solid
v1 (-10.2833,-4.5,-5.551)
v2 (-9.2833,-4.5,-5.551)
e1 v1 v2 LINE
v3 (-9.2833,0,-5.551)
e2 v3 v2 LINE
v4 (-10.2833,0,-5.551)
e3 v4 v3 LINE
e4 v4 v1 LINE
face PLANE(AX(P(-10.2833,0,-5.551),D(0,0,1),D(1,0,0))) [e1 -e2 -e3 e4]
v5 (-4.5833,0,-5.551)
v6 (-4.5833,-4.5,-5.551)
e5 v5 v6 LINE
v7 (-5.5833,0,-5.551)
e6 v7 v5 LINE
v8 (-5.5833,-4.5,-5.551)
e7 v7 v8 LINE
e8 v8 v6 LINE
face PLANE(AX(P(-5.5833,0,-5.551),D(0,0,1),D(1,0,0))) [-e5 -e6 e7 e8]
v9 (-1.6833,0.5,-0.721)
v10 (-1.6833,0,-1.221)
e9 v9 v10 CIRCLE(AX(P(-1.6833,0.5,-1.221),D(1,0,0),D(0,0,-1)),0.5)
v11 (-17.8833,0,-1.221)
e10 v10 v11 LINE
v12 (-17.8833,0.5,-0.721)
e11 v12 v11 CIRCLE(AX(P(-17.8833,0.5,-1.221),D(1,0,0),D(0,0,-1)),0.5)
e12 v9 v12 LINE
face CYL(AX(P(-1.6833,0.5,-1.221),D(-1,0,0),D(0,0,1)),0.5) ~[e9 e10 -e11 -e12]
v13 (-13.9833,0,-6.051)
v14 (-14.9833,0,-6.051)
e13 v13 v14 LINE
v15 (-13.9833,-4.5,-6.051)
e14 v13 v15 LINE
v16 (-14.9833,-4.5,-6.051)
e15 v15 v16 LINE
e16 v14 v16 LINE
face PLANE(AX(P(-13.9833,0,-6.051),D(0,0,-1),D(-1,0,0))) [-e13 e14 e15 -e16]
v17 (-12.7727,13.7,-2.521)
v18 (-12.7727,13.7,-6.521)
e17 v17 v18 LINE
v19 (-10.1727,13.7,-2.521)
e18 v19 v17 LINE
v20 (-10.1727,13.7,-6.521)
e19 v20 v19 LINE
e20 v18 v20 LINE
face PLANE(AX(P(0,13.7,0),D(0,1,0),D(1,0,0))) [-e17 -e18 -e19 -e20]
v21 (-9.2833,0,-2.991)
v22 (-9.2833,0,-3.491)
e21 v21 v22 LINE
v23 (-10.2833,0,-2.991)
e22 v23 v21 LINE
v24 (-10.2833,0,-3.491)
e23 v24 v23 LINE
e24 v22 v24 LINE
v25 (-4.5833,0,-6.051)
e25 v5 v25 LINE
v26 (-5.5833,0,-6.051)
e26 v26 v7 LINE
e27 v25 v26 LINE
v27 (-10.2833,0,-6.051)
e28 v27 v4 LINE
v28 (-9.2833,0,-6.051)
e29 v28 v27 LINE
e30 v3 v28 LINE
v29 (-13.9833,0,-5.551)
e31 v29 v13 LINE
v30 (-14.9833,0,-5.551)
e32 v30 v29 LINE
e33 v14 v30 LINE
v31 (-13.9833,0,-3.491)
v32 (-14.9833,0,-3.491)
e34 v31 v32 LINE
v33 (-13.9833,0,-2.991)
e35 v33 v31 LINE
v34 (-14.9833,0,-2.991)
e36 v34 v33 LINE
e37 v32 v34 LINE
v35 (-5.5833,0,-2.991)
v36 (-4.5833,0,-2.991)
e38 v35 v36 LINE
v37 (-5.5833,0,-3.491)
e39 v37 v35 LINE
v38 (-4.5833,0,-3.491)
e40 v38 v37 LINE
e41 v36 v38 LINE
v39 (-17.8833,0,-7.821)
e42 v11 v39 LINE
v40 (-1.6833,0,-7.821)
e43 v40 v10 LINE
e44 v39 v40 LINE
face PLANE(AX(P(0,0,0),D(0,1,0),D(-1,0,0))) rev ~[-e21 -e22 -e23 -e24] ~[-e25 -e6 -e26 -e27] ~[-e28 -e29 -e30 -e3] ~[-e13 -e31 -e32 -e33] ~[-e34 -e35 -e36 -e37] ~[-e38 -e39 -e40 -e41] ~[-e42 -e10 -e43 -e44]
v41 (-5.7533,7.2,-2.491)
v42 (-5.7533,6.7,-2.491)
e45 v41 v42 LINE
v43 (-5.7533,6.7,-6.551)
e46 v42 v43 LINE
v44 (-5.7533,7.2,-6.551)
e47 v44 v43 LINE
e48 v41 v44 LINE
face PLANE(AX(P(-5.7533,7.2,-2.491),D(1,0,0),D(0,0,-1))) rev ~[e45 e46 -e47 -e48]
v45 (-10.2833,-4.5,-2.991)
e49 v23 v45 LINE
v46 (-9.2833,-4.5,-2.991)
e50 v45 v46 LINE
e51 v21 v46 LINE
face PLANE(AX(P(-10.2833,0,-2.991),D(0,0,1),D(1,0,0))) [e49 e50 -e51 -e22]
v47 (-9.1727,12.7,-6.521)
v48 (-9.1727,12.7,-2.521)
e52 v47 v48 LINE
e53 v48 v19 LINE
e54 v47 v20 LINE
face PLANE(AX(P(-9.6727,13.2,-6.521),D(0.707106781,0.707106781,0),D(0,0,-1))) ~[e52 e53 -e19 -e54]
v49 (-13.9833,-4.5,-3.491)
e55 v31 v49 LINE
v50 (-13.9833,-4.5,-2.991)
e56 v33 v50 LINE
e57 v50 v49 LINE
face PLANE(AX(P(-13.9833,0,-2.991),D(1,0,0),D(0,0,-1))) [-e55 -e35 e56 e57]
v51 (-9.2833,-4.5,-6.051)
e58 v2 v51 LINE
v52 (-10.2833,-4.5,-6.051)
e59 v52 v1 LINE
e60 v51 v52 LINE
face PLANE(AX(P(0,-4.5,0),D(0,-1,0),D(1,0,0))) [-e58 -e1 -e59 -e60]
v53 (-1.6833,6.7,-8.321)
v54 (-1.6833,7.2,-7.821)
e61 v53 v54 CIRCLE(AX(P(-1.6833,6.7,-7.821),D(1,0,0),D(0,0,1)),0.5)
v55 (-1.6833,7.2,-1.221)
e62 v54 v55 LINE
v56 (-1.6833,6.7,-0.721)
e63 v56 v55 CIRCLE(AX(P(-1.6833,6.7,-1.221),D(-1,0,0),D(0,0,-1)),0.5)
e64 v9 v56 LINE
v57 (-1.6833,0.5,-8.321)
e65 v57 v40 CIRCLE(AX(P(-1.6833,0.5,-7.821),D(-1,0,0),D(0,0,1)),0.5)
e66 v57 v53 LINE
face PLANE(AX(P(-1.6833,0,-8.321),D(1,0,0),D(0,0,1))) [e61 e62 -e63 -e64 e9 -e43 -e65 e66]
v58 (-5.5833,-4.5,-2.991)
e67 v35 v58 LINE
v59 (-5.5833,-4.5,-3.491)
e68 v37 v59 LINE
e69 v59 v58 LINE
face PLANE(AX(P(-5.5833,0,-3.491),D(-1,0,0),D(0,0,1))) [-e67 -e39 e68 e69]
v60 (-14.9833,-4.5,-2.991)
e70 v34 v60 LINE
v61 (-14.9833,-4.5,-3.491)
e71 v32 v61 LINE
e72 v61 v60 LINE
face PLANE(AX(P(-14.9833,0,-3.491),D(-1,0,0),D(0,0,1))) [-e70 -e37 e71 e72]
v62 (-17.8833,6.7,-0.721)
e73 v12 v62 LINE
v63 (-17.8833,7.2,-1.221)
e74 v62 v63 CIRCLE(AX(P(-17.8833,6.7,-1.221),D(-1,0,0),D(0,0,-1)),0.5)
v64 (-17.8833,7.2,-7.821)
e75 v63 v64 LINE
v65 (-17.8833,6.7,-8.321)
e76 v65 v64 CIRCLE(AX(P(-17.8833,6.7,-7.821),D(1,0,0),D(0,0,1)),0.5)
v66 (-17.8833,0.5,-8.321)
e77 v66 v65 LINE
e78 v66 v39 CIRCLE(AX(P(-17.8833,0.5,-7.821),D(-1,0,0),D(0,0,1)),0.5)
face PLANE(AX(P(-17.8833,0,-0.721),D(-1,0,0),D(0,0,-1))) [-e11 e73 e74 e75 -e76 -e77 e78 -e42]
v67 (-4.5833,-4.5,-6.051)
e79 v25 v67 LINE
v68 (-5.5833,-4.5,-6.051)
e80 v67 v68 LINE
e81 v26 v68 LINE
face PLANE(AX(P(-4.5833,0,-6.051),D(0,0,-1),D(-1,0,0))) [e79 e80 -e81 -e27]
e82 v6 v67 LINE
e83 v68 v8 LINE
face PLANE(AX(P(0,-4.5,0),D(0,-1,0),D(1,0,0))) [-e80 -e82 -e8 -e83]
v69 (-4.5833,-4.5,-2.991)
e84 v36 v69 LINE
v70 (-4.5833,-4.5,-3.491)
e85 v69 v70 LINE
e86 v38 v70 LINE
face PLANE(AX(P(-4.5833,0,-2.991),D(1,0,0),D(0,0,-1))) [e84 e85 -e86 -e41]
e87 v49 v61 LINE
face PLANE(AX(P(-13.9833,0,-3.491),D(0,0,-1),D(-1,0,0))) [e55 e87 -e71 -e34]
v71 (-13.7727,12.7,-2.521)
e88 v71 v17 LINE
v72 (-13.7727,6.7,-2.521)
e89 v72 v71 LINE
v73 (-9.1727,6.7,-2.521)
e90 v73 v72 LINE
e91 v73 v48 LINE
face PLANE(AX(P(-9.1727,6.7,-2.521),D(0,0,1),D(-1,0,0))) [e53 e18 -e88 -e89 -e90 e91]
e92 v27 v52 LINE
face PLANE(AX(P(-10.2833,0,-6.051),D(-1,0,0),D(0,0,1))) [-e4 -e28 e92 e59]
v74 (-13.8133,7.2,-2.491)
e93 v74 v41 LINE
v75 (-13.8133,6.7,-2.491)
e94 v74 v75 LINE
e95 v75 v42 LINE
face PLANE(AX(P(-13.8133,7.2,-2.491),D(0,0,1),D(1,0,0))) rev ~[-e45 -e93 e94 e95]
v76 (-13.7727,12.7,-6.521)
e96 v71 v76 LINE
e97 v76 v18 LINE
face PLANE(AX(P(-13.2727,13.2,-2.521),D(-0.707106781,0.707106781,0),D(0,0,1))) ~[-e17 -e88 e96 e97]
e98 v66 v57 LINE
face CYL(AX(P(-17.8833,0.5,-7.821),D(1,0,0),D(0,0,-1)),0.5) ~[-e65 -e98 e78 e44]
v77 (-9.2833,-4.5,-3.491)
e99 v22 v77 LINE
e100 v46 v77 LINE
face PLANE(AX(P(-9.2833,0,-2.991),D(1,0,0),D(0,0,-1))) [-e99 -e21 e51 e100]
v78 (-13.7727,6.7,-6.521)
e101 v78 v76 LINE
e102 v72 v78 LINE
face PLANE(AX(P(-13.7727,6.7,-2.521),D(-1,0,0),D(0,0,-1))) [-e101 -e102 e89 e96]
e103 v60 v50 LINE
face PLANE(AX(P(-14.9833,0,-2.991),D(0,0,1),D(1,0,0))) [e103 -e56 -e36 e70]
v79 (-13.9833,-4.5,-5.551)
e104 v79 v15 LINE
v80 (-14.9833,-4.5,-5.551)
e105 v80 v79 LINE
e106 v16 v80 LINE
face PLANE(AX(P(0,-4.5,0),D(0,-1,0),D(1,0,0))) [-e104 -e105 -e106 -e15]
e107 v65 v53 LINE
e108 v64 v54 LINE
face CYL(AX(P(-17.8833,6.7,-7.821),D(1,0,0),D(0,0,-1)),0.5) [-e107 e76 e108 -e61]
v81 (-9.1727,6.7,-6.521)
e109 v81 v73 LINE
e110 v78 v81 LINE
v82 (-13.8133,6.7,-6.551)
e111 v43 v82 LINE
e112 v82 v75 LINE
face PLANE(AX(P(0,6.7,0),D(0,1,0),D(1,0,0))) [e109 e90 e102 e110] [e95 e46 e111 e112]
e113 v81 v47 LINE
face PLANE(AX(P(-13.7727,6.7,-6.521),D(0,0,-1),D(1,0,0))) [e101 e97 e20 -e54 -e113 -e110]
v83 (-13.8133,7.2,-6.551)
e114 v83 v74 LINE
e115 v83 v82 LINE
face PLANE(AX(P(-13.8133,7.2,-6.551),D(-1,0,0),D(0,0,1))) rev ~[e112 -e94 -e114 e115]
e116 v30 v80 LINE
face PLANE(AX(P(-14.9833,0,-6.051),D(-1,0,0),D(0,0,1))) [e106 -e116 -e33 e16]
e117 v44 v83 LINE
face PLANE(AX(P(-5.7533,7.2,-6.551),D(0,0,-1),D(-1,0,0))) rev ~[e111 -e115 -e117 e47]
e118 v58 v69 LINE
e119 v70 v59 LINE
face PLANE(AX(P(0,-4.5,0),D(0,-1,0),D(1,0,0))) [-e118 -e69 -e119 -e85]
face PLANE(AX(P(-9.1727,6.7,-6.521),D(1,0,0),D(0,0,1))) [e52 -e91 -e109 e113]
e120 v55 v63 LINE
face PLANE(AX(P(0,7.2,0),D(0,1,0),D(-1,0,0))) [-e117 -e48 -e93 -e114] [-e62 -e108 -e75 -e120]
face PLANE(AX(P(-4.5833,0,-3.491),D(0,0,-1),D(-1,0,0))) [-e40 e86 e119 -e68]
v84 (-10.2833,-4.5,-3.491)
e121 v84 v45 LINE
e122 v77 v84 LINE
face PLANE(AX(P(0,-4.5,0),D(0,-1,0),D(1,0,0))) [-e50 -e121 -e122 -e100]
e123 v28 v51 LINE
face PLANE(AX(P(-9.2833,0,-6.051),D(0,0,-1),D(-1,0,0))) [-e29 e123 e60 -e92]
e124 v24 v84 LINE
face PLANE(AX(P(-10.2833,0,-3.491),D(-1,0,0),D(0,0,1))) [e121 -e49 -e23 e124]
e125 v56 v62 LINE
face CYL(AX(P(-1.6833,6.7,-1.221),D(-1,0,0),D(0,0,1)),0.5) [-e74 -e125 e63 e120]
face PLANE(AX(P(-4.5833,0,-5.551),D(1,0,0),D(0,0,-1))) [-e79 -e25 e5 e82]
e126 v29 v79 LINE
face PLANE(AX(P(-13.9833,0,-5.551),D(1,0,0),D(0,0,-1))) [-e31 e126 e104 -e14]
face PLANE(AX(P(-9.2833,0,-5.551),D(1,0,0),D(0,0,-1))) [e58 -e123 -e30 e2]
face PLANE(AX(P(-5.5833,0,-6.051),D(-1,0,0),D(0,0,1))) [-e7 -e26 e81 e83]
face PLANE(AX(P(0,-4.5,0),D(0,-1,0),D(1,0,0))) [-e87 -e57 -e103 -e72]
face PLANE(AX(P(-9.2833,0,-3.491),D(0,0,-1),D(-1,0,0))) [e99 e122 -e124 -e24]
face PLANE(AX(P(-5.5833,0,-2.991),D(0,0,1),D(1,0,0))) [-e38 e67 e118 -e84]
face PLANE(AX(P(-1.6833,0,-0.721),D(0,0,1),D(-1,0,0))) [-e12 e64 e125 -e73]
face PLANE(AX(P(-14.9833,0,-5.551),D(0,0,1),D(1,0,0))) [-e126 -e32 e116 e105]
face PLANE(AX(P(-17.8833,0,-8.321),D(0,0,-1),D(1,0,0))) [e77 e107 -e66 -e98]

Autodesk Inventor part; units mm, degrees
ref_plane "YZ Plane" through (0, 0, 0) normal (1, 0, 0) x (0, 1, 0)
ref_plane "XZ Plane" through (0, 0, 0) normal (0, 1, 0) x (-1, 0, 0)
ref_plane "XY Plane" through (0, 0, 0) normal (0, 0, 1) x (1, 0, 0)
sketch "Sketch1" plane through (0, 0, 0) normal (0, 1, 0) x (-1, 0, 0)
  line L0 (17.8833, -8.321) -> (1.6833, -8.321)
  line L1 (1.6833, -8.321) -> (1.6833, -0.721)
  line L2 (1.6833, -0.721) -> (17.8833, -0.721)
  line L3 (17.8833, -0.721) -> (17.8833, -8.321)
  dimension "d23" = 16.2
extrude "Extrusion5" add sketch "Sketch1" along normal blind 7.2
fillet "Fillet2" radius 0.5 4 edges at (-9.7833, 7.2, -0.721) (-9.7833, 7.2, -8.321) (-9.7833, 0, -0.721) (-9.7833, 0, -8.321)
sketch "Sketch7" plane through (0, 7.2, 0) normal (0, 1, 0) x (1, 0, 0)
  line L0 (-17.8833, 7.821) -> (-1.6833, 7.821) projected
  line L1 (-17.8833, 7.821) -> (-17.8833, 1.221) projected
  line L2 (-1.6833, 1.221) -> (-17.8833, 1.221) projected
  line L3 (-1.6833, 1.221) -> (-1.6833, 7.821) projected
  line L4 (-13.8133, 2.491) -> (-5.7533, 2.491)
  line L5 (-5.7533, 2.491) -> (-5.7533, 6.551)
  line L6 (-5.7533, 6.551) -> (-13.8133, 6.551)
  line L7 (-13.8133, 6.551) -> (-13.8133, 2.491)
  line L8 (-13.8133, 2.491) -> (-5.7533, 6.551) construction
  line L9 (-5.7533, 2.491) -> (-13.8133, 6.551) construction
  point P0 (0, 0)
  point P1 (-9.7833, 4.521)
  dimension "d28" = 8.06
  dimension "d29" = 4.06
extrude "Extrusion6" cut sketch "Sketch7" against normal blind 0.5 contours L7 L6 L5 L4
sketch "Sketch8" plane through (0, 6.7, 0) normal (0, 1, 0) x (1, 0, 0)
  line L0 (-13.7727, 6.521) -> (-9.1727, 6.521)
  line L1 (-9.1727, 6.521) -> (-9.1727, 2.521)
  line L2 (-9.1727, 2.521) -> (-13.7727, 2.521)
  line L3 (-13.7727, 2.521) -> (-13.7727, 6.521)
  line L4 (-13.7727, 6.521) -> (-9.1727, 2.521) construction
  line L5 (-9.1727, 6.521) -> (-13.7727, 2.521) construction
  line L6 (-13.8133, 6.551) -> (-5.7533, 6.551) projected
  line L7 (-13.8133, 2.491) -> (-13.8133, 6.551) projected
  line L8 (-5.7533, 2.491) -> (-13.8133, 2.491) projected
  line L9 (-5.7533, 6.551) -> (-5.7533, 2.491) projected
  point P0 (0, 0)
  point P1 (-11.4727, 4.521)
  dimension "d32" = 4.6
  dimension "d33" = 4
  dimension "d34" = 2.03
extrude "Extrusion7" add sketch "Sketch8" along normal blind 7 contours L0 L1 L2 L3
chamfer "Chamfer1" distance 1 angle 45 2 edges at (-9.1727, 13.7, -4.521) (-13.7727, 13.7, -4.521)
sketch "Sketch9" plane through (0, 0, 0) normal (0, -1, 0) x (1, 0, 0)
  line L0 (-1.6833, -7.821) -> (-17.8833, -7.821) projected
  line L1 (-1.6833, -1.221) -> (-1.6833, -7.821) projected
  line L2 (-17.8833, -1.221) -> (-1.6833, -1.221) projected
  line L3 (-17.8833, -7.821) -> (-17.8833, -1.221) projected
  line L4 (-5.5833, -2.991) -> (-4.5833, -2.991)
  line L5 (-4.5833, -2.991) -> (-4.5833, -3.491)
  line L6 (-4.5833, -3.491) -> (-5.5833, -3.491)
  line L7 (-5.5833, -3.491) -> (-5.5833, -2.991)
  line L8 (-5.5833, -2.991) -> (-4.5833, -3.491) construction
  line L9 (-4.5833, -2.991) -> (-5.5833, -3.491) construction
  line L10 (-10.2833, -2.991) -> (-9.2833, -2.991)
  line L11 (-9.2833, -2.991) -> (-9.2833, -3.491)
  line L12 (-9.2833, -3.491) -> (-10.2833, -3.491)
  line L13 (-10.2833, -3.491) -> (-10.2833, -2.991)
  line L14 (-10.2833, -2.991) -> (-9.2833, -3.491) construction
  line L15 (-9.2833, -2.991) -> (-10.2833, -3.491) construction
  line L16 (-14.9833, -2.991) -> (-13.9833, -2.991)
  line L17 (-13.9833, -2.991) -> (-13.9833, -3.491)
  line L18 (-13.9833, -3.491) -> (-14.9833, -3.491)
  line L19 (-14.9833, -3.491) -> (-14.9833, -2.991)
  line L20 (-14.9833, -2.991) -> (-13.9833, -3.491) construction
  line L21 (-13.9833, -2.991) -> (-14.9833, -3.491) construction
  line L22 (-5.5833, -5.551) -> (-4.5833, -5.551)
  line L23 (-4.5833, -5.551) -> (-4.5833, -6.051)
  line L24 (-4.5833, -6.051) -> (-5.5833, -6.051)
  line L25 (-5.5833, -6.051) -> (-5.5833, -5.551)
  line L26 (-5.5833, -5.551) -> (-4.5833, -6.051) construction
  line L27 (-4.5833, -5.551) -> (-5.5833, -6.051) construction
  line L28 (-10.2833, -5.551) -> (-9.2833, -5.551)
  line L29 (-9.2833, -5.551) -> (-9.2833, -6.051)
  line L30 (-9.2833, -6.051) -> (-10.2833, -6.051)
  line L31 (-10.2833, -6.051) -> (-10.2833, -5.551)
  line L32 (-10.2833, -5.551) -> (-9.2833, -6.051) construction
  line L33 (-9.2833, -5.551) -> (-10.2833, -6.051) construction
  line L34 (-14.9833, -5.551) -> (-13.9833, -5.551)
  line L35 (-13.9833, -5.551) -> (-13.9833, -6.051)
  line L36 (-13.9833, -6.051) -> (-14.9833, -6.051)
  line L37 (-14.9833, -6.051) -> (-14.9833, -5.551)
  line L38 (-14.9833, -5.551) -> (-13.9833, -6.051) construction
  line L39 (-13.9833, -5.551) -> (-14.9833, -6.051) construction
  line L40 (-1.6833, -1.221) -> (-17.8833, -1.221) projected
  line L41 (-9.7833, -1.221) -> (-9.7833, -7.821) construction
  line L42 (-17.8833, -7.821) -> (-1.6833, -7.821) projected
  line L43 (-1.6833, -1.221) -> (-1.6833, -7.821) projected
  line L44 (-1.6833, -4.521) -> (-17.8833, -4.521) construction
  line L45 (-17.8833, -7.821) -> (-17.8833, -1.221) projected
  point P0 (0, 0)
  point P1 (-5.0833, -3.241)
  point P2 (-9.7833, -3.241)
  point P3 (-14.4833, -3.241)
  point P4 (-5.0833, -5.801)
  point P5 (-9.7833, -5.801)
  point P6 (-14.4833, -5.801)
  point P7 (-9.7833, -3.241)
  dimension "d40" = 1
  dimension "d41" = 0.5
  dimension "d44" = 4.7
  dimension "d47" = 2.56
  dimension "d50" = 1.28
extrude "Extrusion8" add sketch "Sketch9" along normal blind 4.5 contours L4 L5 L6 L7 | L10 L11 L12 L13 | L16 L17 L18 L19 | L22 L23 L24 L25 | L28 L29 L30 L31 | L34 L35 L36 L37
equation "\"d34\" = 0.5 * d29"
equation "\"d50\" = 0.5 * d47"
properties part number "switch" material "PAEK Plastic"
